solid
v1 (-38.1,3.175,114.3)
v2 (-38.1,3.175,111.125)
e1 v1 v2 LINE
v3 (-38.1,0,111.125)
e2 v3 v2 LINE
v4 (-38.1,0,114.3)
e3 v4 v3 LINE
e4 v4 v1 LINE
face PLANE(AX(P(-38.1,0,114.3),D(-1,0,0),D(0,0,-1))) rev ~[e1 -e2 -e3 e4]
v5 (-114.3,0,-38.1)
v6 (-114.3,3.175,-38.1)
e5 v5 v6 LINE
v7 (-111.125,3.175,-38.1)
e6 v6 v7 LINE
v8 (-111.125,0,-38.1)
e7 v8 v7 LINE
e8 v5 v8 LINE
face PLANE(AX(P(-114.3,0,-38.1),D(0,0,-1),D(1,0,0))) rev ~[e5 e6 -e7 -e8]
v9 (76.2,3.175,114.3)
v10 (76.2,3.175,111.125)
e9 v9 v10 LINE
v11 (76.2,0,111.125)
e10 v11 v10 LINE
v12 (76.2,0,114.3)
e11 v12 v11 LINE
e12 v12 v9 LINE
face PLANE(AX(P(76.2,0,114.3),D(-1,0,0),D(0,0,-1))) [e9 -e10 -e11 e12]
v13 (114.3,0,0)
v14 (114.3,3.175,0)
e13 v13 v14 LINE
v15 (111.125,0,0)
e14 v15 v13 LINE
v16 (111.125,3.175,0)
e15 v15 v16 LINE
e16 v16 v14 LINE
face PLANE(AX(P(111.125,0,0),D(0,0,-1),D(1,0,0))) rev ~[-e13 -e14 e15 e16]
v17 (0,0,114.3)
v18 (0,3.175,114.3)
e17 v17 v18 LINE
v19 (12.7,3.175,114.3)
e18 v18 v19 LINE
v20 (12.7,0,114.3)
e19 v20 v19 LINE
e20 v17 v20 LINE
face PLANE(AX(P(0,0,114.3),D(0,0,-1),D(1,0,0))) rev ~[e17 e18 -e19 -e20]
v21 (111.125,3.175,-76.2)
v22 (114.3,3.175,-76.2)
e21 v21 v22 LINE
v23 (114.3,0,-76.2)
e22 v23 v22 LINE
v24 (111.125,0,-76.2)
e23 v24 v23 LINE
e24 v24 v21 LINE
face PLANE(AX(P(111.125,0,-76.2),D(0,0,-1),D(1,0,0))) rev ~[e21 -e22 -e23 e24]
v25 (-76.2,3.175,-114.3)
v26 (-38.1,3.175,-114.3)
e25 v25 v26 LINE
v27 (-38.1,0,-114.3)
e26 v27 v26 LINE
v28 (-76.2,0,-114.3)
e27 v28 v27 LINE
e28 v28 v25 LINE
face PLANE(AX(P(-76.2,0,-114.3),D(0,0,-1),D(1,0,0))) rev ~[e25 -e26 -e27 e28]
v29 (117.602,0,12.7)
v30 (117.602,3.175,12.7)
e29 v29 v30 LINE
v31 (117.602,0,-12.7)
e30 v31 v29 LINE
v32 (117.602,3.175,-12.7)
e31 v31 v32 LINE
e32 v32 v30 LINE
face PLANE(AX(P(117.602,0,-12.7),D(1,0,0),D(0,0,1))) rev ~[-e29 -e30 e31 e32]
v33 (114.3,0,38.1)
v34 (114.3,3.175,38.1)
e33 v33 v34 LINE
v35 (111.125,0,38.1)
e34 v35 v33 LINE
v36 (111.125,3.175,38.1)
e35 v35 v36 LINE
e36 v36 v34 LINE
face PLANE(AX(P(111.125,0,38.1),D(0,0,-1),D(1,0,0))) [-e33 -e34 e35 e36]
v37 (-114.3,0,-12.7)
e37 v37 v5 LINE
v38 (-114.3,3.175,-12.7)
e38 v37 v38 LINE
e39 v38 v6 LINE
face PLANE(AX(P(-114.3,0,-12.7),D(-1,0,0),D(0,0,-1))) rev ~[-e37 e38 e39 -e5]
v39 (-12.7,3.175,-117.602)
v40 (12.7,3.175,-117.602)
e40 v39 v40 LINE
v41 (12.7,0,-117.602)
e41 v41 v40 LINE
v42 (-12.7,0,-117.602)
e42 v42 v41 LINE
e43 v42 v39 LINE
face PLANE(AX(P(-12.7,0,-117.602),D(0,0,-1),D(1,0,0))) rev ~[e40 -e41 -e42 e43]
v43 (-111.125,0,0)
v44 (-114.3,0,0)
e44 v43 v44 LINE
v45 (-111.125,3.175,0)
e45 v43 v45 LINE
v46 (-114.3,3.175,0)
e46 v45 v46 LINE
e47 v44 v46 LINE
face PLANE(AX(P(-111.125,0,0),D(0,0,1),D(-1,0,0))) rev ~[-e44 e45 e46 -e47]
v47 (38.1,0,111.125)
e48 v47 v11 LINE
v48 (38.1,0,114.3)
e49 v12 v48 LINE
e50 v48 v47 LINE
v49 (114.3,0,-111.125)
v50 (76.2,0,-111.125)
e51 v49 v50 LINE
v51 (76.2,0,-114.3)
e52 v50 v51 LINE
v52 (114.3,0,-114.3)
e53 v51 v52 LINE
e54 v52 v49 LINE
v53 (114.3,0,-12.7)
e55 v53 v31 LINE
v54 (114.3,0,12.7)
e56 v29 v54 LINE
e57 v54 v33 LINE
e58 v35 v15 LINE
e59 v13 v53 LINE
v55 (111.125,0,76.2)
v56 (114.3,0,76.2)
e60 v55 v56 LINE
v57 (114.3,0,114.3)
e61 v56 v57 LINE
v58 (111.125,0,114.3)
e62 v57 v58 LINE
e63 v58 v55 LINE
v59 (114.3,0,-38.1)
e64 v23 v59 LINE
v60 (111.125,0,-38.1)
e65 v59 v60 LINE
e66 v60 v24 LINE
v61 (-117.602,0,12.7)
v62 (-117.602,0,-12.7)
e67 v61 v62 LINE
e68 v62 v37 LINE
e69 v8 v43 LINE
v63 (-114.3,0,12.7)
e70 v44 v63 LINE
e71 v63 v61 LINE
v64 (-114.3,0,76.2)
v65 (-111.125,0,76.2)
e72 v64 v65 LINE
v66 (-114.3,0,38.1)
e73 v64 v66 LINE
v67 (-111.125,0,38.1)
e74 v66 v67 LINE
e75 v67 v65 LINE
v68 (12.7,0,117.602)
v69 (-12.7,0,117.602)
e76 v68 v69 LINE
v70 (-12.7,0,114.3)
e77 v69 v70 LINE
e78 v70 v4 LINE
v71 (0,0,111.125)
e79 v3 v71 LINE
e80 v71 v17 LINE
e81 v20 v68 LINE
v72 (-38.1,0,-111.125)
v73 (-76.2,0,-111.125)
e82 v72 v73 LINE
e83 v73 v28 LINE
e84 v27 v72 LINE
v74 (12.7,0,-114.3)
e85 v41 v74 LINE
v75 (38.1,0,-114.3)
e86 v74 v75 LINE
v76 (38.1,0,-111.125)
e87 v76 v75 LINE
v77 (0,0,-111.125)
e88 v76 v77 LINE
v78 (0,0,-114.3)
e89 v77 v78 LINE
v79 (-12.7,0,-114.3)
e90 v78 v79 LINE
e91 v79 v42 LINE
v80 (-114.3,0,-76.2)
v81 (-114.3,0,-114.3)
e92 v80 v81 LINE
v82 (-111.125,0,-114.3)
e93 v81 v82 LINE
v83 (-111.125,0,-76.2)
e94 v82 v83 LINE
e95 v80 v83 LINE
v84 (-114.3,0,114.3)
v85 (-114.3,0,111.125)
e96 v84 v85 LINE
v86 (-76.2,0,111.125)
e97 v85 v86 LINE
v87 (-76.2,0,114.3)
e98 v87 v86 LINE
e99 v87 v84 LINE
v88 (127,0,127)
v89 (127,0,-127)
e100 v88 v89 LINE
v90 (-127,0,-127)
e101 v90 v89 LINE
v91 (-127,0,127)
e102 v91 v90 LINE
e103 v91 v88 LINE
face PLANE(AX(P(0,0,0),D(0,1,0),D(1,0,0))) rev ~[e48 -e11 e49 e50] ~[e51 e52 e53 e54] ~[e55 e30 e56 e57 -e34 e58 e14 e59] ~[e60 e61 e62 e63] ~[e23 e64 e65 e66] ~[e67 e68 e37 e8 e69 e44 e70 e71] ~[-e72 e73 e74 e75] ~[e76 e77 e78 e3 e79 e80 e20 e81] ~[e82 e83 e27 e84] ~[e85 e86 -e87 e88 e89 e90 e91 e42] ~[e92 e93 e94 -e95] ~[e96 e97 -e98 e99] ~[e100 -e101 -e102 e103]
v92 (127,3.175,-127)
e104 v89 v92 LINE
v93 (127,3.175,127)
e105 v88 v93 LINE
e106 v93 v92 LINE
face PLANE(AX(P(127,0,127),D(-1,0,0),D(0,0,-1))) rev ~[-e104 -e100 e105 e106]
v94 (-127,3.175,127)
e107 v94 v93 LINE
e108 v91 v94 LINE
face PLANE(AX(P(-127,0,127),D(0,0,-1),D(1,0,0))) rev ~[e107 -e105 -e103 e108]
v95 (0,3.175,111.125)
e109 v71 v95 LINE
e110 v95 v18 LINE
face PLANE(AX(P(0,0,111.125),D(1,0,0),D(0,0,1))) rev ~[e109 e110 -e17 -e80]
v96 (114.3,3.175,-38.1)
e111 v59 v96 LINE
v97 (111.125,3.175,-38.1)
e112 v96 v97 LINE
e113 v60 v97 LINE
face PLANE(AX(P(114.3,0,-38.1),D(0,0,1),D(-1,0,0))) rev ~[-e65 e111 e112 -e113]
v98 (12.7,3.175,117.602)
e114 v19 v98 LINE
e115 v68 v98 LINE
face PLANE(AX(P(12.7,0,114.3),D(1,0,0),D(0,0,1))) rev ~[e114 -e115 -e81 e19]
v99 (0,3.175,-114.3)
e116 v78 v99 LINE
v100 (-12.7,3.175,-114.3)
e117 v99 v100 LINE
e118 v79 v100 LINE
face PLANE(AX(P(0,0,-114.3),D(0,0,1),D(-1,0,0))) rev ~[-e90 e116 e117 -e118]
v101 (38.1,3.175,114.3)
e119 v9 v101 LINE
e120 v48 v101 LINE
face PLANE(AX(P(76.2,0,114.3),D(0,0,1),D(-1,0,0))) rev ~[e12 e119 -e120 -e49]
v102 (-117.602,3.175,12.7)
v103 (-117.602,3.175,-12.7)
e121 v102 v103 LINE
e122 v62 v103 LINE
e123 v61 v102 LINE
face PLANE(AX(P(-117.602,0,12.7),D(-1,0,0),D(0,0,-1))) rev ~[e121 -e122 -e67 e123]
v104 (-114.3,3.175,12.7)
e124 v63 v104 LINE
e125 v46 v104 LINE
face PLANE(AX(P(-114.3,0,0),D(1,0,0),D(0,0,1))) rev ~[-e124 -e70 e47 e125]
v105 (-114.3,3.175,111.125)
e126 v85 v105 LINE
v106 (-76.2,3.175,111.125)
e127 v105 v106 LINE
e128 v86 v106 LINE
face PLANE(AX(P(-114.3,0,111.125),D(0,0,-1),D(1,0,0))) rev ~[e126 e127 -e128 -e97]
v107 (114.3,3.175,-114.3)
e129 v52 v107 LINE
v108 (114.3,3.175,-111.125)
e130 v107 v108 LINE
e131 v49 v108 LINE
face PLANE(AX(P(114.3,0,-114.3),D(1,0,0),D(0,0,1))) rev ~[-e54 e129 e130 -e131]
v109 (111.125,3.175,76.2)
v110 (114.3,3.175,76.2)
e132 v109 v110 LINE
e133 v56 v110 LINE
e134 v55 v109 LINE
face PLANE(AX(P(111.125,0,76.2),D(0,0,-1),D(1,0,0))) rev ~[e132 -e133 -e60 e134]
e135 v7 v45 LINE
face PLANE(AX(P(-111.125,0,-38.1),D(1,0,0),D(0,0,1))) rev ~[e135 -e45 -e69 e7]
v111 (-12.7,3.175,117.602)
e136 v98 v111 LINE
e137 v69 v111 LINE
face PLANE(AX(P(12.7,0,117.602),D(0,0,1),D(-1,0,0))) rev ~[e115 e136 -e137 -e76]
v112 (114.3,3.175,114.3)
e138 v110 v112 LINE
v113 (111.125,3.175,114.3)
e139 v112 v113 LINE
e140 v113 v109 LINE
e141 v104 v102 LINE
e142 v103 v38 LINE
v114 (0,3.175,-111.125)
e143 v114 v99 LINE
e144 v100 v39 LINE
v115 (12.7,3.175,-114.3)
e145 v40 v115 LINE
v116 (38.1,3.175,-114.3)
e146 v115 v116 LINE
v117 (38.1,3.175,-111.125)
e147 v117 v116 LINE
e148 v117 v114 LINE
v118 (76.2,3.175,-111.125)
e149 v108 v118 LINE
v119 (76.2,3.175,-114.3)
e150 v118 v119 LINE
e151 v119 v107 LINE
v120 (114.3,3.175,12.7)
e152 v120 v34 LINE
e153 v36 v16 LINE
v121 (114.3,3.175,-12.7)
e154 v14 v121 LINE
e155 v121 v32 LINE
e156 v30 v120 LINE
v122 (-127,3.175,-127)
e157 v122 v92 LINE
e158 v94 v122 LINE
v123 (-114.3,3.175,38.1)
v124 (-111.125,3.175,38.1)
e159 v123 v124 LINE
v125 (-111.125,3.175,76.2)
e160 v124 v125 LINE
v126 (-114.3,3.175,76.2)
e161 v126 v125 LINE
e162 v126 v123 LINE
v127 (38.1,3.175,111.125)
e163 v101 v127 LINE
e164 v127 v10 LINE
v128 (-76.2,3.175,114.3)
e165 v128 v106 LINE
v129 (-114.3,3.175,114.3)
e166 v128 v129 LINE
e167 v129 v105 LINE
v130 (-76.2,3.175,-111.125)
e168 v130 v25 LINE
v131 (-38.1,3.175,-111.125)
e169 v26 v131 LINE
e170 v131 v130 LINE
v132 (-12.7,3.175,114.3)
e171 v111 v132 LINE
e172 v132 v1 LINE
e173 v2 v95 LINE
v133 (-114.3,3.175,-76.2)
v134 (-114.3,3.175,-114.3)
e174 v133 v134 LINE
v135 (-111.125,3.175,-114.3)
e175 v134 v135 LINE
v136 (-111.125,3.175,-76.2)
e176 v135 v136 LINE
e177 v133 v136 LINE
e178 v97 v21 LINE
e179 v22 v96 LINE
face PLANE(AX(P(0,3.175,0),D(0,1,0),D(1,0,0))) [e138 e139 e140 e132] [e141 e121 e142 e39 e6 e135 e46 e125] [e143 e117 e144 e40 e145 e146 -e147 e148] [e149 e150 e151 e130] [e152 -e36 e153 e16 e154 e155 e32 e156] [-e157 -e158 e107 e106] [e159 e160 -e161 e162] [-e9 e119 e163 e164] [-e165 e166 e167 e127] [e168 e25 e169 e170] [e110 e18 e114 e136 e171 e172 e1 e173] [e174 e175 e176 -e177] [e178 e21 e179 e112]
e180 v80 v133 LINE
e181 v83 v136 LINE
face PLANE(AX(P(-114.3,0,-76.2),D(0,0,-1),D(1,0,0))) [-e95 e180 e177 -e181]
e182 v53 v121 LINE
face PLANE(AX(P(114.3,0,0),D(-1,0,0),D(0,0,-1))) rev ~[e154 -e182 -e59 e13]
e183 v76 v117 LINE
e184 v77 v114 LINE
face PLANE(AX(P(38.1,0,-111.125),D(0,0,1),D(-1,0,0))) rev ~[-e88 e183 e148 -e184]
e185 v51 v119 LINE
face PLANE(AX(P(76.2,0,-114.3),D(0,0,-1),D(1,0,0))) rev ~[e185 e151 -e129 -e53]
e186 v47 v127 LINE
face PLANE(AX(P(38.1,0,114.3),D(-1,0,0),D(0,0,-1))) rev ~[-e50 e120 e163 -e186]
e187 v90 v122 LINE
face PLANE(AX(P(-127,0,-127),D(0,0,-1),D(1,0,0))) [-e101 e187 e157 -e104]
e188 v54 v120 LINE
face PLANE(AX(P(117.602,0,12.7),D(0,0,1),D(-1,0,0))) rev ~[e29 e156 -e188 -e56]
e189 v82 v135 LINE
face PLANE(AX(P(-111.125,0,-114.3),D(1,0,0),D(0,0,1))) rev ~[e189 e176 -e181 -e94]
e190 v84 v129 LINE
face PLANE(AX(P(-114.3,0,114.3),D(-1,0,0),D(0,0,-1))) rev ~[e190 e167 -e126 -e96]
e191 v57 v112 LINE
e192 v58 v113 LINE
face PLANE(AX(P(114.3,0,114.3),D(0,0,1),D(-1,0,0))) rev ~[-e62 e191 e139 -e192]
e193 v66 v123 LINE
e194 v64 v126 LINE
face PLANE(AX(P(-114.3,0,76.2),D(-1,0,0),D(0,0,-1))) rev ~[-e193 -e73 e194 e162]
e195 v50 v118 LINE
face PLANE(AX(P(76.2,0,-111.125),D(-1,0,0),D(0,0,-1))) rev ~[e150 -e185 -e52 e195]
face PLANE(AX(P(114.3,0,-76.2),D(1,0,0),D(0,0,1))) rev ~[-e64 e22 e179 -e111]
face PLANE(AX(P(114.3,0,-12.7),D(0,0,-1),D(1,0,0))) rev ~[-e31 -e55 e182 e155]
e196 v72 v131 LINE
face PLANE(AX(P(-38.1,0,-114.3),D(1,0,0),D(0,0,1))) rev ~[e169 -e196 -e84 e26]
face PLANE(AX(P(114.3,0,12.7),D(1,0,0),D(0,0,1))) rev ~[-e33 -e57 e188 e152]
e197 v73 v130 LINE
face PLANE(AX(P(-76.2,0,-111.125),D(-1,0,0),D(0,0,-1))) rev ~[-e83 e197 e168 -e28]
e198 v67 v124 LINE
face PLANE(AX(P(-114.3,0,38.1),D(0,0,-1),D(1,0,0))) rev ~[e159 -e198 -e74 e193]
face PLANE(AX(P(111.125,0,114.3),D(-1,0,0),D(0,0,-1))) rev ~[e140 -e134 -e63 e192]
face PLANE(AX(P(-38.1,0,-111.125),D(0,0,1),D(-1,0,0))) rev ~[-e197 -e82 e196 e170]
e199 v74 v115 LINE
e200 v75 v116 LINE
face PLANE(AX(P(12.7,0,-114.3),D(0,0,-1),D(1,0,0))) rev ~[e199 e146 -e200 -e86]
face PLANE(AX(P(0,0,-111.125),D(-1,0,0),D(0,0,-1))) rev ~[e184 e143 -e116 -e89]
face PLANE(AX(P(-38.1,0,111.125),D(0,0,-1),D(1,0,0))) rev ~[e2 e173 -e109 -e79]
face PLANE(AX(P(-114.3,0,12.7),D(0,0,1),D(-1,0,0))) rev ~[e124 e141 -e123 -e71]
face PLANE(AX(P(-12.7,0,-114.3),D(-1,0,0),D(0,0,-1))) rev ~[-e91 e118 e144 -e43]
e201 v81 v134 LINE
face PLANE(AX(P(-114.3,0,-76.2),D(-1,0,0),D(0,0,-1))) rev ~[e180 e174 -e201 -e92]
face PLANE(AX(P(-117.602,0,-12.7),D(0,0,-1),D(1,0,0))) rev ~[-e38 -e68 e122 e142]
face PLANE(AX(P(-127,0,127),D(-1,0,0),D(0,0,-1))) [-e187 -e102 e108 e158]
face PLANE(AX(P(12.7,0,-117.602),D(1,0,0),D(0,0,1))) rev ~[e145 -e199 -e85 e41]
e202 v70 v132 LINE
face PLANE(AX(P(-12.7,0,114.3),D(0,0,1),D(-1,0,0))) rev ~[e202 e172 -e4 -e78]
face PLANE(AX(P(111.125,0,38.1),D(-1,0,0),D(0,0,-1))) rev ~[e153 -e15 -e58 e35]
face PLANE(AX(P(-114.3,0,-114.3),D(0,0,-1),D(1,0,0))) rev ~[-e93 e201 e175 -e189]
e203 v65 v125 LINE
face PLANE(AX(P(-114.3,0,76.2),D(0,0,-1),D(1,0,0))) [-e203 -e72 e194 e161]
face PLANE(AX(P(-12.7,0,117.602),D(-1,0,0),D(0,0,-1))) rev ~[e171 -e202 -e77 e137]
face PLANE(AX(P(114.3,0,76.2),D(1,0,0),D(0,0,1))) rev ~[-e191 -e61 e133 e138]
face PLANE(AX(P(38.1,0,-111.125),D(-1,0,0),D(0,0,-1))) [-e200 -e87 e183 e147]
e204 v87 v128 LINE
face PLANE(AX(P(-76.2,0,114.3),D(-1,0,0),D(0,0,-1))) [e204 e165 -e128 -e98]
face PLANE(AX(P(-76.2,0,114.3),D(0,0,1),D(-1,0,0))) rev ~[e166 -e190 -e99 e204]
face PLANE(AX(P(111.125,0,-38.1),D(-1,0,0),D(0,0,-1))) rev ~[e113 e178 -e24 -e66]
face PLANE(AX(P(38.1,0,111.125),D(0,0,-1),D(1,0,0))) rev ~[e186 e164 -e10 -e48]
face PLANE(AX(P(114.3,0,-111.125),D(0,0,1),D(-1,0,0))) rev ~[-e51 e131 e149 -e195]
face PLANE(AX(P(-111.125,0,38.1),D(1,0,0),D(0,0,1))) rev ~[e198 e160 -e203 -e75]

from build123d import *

# Parameters (mm, degrees)
SKETCH1_W           = 254
SKETCH1_H           = 254
SKETCH1_W_2         = 3.175
SKETCH1_H_2         = 38.1
SKETCH1_H_3         = 34.925
SKETCH1_W_3         = 38.1
SKETCH1_H_4         = 3.175
SKETCH1_W_4         = 34.925
BOSS_EXTRUDE1_DEPTH = 3.175


with BuildPart() as part:
    # Sketch1 → Boss-Extrude1 (new body)
    with BuildSketch(Plane(origin=(0, 0, 0), x_dir=(1, 0, 0), z_dir=(0, 1, 0))):
        Rectangle(SKETCH1_W, SKETCH1_H)
        Polygon((-111.125, 114.3), (-76.2, 114.3), (-38.1, 114.3), (-12.7, 114.3), (-12.7, 117.602), (12.7, 117.602), (12.7, 114.3), (38.1, 114.3), (76.2, 114.3), (111.125, 114.3), (114.3, 114.3), (114.3, 111.125), (114.3, 76.2), (114.3, 38.1), (114.3, 12.7), (117.602, 12.7), (117.602, -12.7), (114.3, -12.7), (114.3, -38.1), (114.3, -76.2), (114.3, -111.125), (114.3, -114.3), (111.125, -114.3), (76.2, -114.3), (38.1, -114.3), (12.7, -114.3), (12.7, -117.602), (-12.7, -117.602), (-12.7, -114.3), (-38.1, -114.3), (-76.2, -114.3), (-111.125, -114.3), (-114.3, -114.3), (-114.3, -111.125), (-114.3, -76.2), (-114.3, -38.1), (-114.3, -12.7), (-117.602, -12.7), (-117.602, 12.7), (-114.3, 12.7), (-114.3, 38.1), (-114.3, 76.2), (-114.3, 111.125), (-114.3, 114.3), align=None, mode=Mode.SUBTRACT)
        Polygon((-38.1, 111.125), (-76.2, 111.125), (-111.125, 111.125), (-111.125, 76.2), (-111.125, 38.1), (-111.125, 0), (-111.125, -38.1), (-111.125, -76.2), (-111.125, -111.125), (-76.2, -111.125), (-38.1, -111.125), (0, -111.125), (38.1, -111.125), (76.2, -111.125), (111.125, -111.125), (111.125, -76.2), (111.125, -38.1), (111.125, 0), (111.125, 38.1), (111.125, 76.2), (111.125, 111.125), (76.2, 111.125), (38.1, 111.125), (0, 111.125), align=None)
        with Locations((-112.7125, 57.15)):
            Rectangle(SKETCH1_W_2, SKETCH1_H_2)
        Polygon((-111.125, -38.1), (-111.125, 0), (-114.3, 0), (-114.3, -12.7), (-114.3, -38.1), align=None)
        with Locations((-112.7125, -93.6625)):
            Rectangle(SKETCH1_W_2, SKETCH1_H_3)
        with Locations((-57.15, -112.7125)):
            Rectangle(SKETCH1_W_3, SKETCH1_H_4)
        Polygon((38.1, -111.125), (0, -111.125), (0, -114.3), (12.7, -114.3), (38.1, -114.3), align=None)
        with Locations((93.6625, -112.7125)):
            Rectangle(SKETCH1_W_4, SKETCH1_H_4)
        with Locations((112.7125, -57.15)):
            Rectangle(SKETCH1_W_2, SKETCH1_H_2)
        Polygon((114.3, 38.1), (111.125, 38.1), (111.125, 0), (114.3, 0), (114.3, 12.7), align=None)
        with Locations((112.7125, 93.6625)):
            Rectangle(SKETCH1_W_2, SKETCH1_H_3)
        with Locations((57.15, 112.7125)):
            Rectangle(SKETCH1_W_3, SKETCH1_H_4)
        Polygon((-12.7, 114.3), (-38.1, 114.3), (-38.1, 111.125), (0, 111.125), (0, 114.3), align=None)
        with Locations((-93.6625, 112.7125)):
            Rectangle(SKETCH1_W_4, SKETCH1_H_4)
    extrude(amount=BOSS_EXTRUDE1_DEPTH)


solid = part.part
